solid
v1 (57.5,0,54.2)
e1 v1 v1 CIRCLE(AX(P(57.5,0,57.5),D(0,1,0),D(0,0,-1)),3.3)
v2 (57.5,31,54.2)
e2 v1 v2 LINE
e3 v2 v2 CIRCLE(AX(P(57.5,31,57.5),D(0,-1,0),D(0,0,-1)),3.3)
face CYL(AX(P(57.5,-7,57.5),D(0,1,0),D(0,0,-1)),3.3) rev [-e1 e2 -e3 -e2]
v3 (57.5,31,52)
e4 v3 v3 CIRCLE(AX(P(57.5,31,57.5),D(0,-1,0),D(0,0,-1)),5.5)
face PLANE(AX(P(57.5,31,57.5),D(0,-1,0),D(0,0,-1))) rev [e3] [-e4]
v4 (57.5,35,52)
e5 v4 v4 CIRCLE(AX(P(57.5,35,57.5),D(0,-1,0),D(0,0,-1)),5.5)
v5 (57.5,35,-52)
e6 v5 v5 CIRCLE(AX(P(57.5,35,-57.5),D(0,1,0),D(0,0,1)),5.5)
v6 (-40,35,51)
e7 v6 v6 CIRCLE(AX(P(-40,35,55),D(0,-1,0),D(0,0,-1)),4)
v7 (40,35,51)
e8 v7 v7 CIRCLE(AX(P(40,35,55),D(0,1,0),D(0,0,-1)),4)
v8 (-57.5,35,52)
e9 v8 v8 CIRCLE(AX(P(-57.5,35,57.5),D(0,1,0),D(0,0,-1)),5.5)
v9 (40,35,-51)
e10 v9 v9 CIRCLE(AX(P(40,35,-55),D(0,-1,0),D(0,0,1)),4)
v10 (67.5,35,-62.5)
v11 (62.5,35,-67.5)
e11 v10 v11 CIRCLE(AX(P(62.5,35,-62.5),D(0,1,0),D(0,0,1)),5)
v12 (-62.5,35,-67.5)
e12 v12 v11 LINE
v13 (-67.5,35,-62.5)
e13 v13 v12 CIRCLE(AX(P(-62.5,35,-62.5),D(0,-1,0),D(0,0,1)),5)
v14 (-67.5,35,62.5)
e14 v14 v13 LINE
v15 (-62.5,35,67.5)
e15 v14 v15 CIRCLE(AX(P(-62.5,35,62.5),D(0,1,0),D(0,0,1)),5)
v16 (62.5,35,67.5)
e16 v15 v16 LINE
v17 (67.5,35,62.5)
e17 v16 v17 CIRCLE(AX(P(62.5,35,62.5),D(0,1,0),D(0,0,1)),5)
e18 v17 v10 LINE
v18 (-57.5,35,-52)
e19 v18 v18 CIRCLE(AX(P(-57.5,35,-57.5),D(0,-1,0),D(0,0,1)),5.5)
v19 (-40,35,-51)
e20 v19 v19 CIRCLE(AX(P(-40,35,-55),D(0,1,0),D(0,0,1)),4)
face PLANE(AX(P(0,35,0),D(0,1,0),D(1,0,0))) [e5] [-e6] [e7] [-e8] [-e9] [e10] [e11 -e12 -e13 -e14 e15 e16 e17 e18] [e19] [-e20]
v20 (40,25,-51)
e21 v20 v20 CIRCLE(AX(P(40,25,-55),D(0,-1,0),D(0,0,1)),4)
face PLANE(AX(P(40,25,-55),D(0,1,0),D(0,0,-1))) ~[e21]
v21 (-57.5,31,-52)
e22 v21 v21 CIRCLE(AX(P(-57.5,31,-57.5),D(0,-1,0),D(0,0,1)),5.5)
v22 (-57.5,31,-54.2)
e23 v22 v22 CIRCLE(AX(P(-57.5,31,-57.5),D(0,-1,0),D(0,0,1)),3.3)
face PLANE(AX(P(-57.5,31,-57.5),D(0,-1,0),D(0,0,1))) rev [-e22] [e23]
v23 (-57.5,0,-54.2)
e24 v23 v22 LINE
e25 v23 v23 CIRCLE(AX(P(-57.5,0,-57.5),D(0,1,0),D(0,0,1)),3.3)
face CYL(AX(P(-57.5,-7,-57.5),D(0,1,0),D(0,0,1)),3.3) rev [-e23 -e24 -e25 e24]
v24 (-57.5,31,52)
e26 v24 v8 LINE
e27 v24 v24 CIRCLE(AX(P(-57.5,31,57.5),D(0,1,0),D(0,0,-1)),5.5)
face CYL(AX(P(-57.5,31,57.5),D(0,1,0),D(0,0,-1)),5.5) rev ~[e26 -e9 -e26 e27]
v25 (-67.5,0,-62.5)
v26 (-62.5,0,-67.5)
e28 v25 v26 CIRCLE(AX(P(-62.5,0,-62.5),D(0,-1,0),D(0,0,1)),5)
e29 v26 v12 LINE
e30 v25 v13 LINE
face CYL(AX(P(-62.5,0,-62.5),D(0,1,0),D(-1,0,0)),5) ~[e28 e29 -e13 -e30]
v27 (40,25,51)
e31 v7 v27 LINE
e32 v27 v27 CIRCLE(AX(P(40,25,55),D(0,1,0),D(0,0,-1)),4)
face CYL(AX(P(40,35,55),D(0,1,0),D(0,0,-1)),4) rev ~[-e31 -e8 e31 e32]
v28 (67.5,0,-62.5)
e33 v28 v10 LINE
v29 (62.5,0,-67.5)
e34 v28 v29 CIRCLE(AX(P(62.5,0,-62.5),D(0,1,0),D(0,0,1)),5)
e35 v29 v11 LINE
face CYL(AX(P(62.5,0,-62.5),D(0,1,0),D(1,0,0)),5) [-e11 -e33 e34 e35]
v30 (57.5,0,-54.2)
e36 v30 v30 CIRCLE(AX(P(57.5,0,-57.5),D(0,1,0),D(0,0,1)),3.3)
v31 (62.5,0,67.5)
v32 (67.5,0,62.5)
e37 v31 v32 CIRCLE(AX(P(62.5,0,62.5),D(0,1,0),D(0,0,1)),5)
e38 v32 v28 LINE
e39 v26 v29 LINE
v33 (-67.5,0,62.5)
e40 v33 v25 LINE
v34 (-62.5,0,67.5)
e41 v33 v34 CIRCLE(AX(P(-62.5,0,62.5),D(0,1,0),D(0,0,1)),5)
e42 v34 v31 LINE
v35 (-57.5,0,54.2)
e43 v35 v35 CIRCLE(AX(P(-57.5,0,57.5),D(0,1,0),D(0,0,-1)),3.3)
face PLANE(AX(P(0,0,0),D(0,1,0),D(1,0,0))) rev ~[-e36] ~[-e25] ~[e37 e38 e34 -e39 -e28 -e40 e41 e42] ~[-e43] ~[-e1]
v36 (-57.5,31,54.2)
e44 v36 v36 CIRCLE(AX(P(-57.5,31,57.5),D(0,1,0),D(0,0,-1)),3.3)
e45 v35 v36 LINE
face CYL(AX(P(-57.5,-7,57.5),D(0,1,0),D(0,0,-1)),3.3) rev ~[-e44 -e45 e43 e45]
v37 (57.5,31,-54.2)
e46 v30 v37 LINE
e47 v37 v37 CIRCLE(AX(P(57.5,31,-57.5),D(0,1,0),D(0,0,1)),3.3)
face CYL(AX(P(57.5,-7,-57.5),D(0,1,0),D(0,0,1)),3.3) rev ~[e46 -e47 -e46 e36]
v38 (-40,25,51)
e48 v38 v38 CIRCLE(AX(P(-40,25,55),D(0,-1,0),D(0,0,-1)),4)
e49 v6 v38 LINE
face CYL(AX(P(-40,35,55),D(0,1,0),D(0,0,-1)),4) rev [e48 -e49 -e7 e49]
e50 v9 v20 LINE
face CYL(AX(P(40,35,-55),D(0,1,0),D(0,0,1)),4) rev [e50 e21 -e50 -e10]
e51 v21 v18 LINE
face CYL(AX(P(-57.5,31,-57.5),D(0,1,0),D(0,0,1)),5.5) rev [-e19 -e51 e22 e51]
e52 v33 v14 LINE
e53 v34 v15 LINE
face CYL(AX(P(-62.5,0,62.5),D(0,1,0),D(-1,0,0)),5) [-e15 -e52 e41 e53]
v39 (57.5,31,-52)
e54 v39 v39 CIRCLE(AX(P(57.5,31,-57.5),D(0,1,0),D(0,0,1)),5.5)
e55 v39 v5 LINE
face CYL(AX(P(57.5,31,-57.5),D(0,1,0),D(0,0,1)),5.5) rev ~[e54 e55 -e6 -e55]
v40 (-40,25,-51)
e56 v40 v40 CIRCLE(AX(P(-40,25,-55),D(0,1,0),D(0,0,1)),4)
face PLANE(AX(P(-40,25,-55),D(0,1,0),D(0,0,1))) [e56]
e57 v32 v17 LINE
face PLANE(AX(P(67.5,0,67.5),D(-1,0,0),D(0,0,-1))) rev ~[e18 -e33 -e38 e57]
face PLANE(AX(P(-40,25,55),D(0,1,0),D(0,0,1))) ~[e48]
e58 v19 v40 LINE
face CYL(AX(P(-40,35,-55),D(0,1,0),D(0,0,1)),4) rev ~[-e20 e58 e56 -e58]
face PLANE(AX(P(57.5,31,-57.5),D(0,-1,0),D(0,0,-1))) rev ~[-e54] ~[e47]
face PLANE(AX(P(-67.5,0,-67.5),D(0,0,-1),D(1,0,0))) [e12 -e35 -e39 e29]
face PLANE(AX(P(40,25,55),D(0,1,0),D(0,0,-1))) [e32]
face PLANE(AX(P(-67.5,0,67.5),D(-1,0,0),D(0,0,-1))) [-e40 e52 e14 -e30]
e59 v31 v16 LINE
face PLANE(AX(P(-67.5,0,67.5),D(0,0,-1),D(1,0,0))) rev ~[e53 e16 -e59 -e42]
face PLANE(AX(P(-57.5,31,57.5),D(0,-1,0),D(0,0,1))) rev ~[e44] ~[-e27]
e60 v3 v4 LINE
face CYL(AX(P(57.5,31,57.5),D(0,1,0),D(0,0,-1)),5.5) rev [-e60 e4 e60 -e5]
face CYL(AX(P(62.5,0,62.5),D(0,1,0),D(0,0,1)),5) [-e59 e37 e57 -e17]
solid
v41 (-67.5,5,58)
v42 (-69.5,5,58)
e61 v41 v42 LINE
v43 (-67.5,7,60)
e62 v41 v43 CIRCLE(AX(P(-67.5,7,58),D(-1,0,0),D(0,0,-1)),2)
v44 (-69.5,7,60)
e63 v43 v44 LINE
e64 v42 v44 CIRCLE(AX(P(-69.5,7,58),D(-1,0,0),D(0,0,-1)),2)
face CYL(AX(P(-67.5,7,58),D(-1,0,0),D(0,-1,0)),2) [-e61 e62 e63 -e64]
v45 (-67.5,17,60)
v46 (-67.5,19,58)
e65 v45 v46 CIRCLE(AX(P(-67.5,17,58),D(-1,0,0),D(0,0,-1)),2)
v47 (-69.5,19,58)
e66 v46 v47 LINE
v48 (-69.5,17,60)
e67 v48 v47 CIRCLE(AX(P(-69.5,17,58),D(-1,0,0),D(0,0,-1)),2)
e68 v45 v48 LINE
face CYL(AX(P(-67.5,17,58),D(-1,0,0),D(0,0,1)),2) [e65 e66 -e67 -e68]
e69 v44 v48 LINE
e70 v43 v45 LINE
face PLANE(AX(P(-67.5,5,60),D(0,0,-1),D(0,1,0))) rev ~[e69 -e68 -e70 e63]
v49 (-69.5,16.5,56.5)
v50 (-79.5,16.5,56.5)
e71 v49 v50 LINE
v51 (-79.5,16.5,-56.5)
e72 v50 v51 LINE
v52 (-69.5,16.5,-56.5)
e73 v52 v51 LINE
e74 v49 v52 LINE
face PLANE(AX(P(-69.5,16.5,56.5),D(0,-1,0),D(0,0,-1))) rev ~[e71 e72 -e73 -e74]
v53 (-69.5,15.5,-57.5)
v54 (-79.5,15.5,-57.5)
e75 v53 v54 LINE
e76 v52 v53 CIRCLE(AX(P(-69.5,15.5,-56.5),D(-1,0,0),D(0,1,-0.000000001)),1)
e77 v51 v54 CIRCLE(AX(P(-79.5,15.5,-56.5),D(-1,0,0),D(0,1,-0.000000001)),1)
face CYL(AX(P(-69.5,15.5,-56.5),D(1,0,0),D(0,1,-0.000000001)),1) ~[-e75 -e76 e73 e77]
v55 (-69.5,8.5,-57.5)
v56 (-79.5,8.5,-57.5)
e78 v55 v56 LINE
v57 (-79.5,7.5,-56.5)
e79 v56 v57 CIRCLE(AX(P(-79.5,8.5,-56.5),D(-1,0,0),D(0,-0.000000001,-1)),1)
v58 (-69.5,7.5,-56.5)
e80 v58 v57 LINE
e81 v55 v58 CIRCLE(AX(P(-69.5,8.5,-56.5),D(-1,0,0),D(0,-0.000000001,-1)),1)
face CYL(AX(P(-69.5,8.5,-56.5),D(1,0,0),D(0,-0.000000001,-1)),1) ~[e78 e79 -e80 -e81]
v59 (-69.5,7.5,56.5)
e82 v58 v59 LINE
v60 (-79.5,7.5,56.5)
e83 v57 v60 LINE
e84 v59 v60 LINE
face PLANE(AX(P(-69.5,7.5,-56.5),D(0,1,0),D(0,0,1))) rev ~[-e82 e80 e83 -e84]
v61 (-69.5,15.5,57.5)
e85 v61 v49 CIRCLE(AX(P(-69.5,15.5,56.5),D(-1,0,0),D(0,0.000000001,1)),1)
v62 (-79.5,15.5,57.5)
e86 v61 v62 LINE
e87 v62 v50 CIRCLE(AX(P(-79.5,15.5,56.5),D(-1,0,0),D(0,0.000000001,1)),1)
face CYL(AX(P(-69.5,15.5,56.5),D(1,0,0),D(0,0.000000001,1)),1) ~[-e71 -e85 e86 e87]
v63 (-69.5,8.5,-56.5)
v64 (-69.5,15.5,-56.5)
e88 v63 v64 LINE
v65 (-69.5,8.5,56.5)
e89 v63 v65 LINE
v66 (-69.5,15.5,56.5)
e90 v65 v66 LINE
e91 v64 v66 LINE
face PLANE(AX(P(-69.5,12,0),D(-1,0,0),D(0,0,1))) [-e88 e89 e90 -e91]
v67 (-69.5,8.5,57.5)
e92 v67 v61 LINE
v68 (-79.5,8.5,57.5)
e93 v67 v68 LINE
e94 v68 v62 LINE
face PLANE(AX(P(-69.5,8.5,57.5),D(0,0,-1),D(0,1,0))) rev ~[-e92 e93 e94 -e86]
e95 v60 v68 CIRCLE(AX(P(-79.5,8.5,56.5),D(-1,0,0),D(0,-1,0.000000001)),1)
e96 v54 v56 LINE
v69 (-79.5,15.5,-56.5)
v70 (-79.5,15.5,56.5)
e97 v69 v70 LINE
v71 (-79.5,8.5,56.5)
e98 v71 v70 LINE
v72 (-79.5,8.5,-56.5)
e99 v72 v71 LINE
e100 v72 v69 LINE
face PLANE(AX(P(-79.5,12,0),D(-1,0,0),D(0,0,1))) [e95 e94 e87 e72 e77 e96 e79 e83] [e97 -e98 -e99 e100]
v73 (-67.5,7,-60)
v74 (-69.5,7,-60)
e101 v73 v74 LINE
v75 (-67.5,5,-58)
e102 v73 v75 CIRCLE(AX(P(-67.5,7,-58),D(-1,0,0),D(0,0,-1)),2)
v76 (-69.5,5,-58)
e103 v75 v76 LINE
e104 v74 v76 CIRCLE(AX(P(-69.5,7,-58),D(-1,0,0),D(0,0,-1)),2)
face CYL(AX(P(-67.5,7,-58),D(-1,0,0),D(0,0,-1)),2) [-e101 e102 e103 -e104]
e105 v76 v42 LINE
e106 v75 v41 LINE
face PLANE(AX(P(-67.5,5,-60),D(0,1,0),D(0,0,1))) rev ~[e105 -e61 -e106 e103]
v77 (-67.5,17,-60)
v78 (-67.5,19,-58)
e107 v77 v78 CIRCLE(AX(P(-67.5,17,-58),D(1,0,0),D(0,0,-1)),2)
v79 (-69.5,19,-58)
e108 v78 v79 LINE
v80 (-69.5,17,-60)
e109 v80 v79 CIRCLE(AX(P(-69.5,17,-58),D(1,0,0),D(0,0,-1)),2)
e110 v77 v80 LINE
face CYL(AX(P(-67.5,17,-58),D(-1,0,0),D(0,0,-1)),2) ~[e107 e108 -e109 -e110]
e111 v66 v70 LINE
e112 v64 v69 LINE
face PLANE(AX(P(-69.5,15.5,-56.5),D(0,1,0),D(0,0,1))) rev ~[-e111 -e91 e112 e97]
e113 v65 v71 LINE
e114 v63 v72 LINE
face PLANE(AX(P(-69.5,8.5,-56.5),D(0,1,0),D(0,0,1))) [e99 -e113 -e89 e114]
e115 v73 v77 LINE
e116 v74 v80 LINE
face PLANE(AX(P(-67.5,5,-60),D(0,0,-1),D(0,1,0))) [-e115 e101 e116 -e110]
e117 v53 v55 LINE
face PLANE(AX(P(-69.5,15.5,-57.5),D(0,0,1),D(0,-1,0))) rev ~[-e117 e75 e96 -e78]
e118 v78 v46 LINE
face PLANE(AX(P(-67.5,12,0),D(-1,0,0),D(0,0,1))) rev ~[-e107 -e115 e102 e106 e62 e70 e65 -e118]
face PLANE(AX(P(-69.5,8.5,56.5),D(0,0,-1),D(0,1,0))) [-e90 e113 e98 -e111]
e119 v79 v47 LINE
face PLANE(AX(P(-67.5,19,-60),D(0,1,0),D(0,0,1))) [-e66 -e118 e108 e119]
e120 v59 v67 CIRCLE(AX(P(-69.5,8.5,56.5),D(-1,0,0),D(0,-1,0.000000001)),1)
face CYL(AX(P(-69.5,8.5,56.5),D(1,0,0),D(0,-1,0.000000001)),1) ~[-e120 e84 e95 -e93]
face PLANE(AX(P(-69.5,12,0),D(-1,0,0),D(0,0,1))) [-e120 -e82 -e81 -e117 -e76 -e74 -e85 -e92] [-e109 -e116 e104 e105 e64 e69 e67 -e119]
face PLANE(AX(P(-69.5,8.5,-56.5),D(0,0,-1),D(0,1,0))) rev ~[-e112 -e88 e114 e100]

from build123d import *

# Parameters (mm, degrees)
SKETCH2_W               = 135
SKETCH2_H               = 135
BOSS_EXTRUDE1_DEPTH     = 35
FILLET1_R               = 5
SKETCH7_W               = 120
SKETCH7_H               = 14
BOSS_EXTRUDE2_DEPTH     = 2
FILLET2_R               = 2
SKETCH9_W               = 113
SKETCH9_H               = 7
BOSS_EXTRUDE3_DEPTH     = 10
SKETCH12_R              = 4
CUT_EXTRUDE1_DEPTH      = 10
MIRROR4_COPY_2_SKETCH_R = 4
MIRROR4_COPY_2_DEPTH    = 10
MIRROR4_COPY_4_SKETCH_R = 4
MIRROR4_COPY_4_DEPTH    = 10


with BuildPart() as part:
    # Sketch2 → Boss-Extrude1 (new body)
    with BuildSketch(Plane(origin=(0, 0, 0), x_dir=(1, 0, 0), z_dir=(0, 1, 0))):
        Rectangle(SKETCH2_W, SKETCH2_H)
    extrude(amount=BOSS_EXTRUDE1_DEPTH)

    # Fillet1
    fillet1_edges = [part.edges().sort_by_distance(p)[0] for p in [
        (67.5, 17.5, -67.5),
        (67.5, 17.5, 67.5),
        (-67.5, 17.5, 67.5),
        (-67.5, 17.5, -67.5),
    ]]
    fillet(fillet1_edges, radius=FILLET1_R)

    # Sketch6 → CBORE for M6 Hex Head Bolt1 (revolve, cut)
    with BuildSketch(Plane(origin=(-57.5, 35, -57.5), x_dir=(0, 0, 1), z_dir=(1, 0, 0))):
        Polygon((0, 0), (0, 43.982840043), (3.3, 42), (3.3, 4), (5.5, 4), (5.5, 0), align=None)
    cbore_for_m6_hex_head_bolt1 = revolve(axis=Axis((-57.5, 41.35, -57.5), (0, -1, 0)), mode=Mode.SUBTRACT)

    # Sketch12 → Cut-Extrude1 (cut)
    with BuildSketch(Plane(origin=(0, 35, 0), x_dir=(1, 0, 0), z_dir=(0, 1, 0))):
        with Locations((-40, 55)):
            Circle(SKETCH12_R)
    cut_extrude1 = extrude(amount=-CUT_EXTRUDE1_DEPTH, mode=Mode.SUBTRACT)

    # Mirror3: CBORE for M6 Hex Head Bolt1, Cut-Extrude1 across plane
    add(cbore_for_m6_hex_head_bolt1.mirror(Plane.XY), mode=Mode.SUBTRACT)
    add(cut_extrude1.mirror(Plane.XY), mode=Mode.SUBTRACT)

    # Mirror4 copy 1 sketch → Mirror4 copy 1 (revolve, cut)
    with BuildSketch(Plane(origin=(57.5, 35, 57.5), x_dir=(0, 0, -1), z_dir=(-1, 0, 0))):
        Polygon((0, 0), (0, 43.982840043), (3.3, 42), (3.3, 4), (5.5, 4), (5.5, 0), align=None)
    revolve(axis=Axis((57.5, 41.35, 57.5), (0, -1, 0)), mode=Mode.SUBTRACT)

    # Mirror4 copy 2 sketch → Mirror4 copy 2 (cut)
    with BuildSketch(Plane(origin=(0, 35, 0), x_dir=(-1, 0, 0), z_dir=(0, 1, 0))):
        with Locations((-40, 55)):
            Circle(MIRROR4_COPY_2_SKETCH_R)
    extrude(amount=-MIRROR4_COPY_2_DEPTH, mode=Mode.SUBTRACT)

    # Mirror4 copy 3 sketch → Mirror4 copy 3 (revolve, cut)
    with BuildSketch(Plane(origin=(57.5, 35, -57.5), x_dir=(0, 0, 1), z_dir=(-1, 0, 0))):
        Polygon((0, 0), (0, -43.982840043), (3.3, -42), (3.3, -4), (5.5, -4), (5.5, 0), align=None)
    revolve(axis=Axis((57.5, 41.35, -57.5), (0, 1, 0)), mode=Mode.SUBTRACT)

    # Mirror4 copy 4 sketch → Mirror4 copy 4 (cut)
    with BuildSketch(Plane(origin=(0, 35, 0), x_dir=(-1, 0, 0), z_dir=(0, 1, 0))):
        with Locations((-40, -55)):
            Circle(MIRROR4_COPY_4_SKETCH_R)
    extrude(amount=-MIRROR4_COPY_4_DEPTH, mode=Mode.SUBTRACT)


with BuildPart() as body_2:
    # Sketch7 → Boss-Extrude2 (new body)
    with BuildSketch(Plane.ZY.offset(67.5)):
        with Locations((0, 12)):
            Rectangle(SKETCH7_W, SKETCH7_H)
    extrude(amount=BOSS_EXTRUDE2_DEPTH)

    # Fillet2
    fillet2_edges = [body_2.edges().sort_by_distance(p)[0] for p in [
        (-68.5, 5, -60),
        (-68.5, 5, 60),
        (-68.5, 19, 60),
        (-68.5, 19, -60),
    ]]
    fillet(fillet2_edges, radius=FILLET2_R)

    # Sketch9 → Boss-Extrude3 (add)
    with BuildSketch(Plane.ZY.offset(69.5)):
        with BuildLine():
            Line((56.5, 16.5), (-56.5, 16.5))
            ThreePointArc((-56.5, 16.5), (-57.207106781, 16.207106781), (-57.5, 15.5))
            Line((-57.5, 15.5), (-57.5, 8.5))
            ThreePointArc((-57.5, 8.5), (-57.207106781, 7.792893219), (-56.5, 7.5))
            Line((-56.5, 7.5), (56.5, 7.5))
            ThreePointArc((56.5, 7.5), (57.207106781, 7.792893219), (57.5, 8.5))
            Line((57.5, 8.5), (57.5, 15.5))
            ThreePointArc((57.5, 15.5), (57.207106781, 16.207106781), (56.5, 16.5))
        make_face()
        with Locations((0, 12)):
            Rectangle(SKETCH9_W, SKETCH9_H, mode=Mode.SUBTRACT)
    extrude(amount=BOSS_EXTRUDE3_DEPTH)


solid = Compound([part.part, body_2.part])
